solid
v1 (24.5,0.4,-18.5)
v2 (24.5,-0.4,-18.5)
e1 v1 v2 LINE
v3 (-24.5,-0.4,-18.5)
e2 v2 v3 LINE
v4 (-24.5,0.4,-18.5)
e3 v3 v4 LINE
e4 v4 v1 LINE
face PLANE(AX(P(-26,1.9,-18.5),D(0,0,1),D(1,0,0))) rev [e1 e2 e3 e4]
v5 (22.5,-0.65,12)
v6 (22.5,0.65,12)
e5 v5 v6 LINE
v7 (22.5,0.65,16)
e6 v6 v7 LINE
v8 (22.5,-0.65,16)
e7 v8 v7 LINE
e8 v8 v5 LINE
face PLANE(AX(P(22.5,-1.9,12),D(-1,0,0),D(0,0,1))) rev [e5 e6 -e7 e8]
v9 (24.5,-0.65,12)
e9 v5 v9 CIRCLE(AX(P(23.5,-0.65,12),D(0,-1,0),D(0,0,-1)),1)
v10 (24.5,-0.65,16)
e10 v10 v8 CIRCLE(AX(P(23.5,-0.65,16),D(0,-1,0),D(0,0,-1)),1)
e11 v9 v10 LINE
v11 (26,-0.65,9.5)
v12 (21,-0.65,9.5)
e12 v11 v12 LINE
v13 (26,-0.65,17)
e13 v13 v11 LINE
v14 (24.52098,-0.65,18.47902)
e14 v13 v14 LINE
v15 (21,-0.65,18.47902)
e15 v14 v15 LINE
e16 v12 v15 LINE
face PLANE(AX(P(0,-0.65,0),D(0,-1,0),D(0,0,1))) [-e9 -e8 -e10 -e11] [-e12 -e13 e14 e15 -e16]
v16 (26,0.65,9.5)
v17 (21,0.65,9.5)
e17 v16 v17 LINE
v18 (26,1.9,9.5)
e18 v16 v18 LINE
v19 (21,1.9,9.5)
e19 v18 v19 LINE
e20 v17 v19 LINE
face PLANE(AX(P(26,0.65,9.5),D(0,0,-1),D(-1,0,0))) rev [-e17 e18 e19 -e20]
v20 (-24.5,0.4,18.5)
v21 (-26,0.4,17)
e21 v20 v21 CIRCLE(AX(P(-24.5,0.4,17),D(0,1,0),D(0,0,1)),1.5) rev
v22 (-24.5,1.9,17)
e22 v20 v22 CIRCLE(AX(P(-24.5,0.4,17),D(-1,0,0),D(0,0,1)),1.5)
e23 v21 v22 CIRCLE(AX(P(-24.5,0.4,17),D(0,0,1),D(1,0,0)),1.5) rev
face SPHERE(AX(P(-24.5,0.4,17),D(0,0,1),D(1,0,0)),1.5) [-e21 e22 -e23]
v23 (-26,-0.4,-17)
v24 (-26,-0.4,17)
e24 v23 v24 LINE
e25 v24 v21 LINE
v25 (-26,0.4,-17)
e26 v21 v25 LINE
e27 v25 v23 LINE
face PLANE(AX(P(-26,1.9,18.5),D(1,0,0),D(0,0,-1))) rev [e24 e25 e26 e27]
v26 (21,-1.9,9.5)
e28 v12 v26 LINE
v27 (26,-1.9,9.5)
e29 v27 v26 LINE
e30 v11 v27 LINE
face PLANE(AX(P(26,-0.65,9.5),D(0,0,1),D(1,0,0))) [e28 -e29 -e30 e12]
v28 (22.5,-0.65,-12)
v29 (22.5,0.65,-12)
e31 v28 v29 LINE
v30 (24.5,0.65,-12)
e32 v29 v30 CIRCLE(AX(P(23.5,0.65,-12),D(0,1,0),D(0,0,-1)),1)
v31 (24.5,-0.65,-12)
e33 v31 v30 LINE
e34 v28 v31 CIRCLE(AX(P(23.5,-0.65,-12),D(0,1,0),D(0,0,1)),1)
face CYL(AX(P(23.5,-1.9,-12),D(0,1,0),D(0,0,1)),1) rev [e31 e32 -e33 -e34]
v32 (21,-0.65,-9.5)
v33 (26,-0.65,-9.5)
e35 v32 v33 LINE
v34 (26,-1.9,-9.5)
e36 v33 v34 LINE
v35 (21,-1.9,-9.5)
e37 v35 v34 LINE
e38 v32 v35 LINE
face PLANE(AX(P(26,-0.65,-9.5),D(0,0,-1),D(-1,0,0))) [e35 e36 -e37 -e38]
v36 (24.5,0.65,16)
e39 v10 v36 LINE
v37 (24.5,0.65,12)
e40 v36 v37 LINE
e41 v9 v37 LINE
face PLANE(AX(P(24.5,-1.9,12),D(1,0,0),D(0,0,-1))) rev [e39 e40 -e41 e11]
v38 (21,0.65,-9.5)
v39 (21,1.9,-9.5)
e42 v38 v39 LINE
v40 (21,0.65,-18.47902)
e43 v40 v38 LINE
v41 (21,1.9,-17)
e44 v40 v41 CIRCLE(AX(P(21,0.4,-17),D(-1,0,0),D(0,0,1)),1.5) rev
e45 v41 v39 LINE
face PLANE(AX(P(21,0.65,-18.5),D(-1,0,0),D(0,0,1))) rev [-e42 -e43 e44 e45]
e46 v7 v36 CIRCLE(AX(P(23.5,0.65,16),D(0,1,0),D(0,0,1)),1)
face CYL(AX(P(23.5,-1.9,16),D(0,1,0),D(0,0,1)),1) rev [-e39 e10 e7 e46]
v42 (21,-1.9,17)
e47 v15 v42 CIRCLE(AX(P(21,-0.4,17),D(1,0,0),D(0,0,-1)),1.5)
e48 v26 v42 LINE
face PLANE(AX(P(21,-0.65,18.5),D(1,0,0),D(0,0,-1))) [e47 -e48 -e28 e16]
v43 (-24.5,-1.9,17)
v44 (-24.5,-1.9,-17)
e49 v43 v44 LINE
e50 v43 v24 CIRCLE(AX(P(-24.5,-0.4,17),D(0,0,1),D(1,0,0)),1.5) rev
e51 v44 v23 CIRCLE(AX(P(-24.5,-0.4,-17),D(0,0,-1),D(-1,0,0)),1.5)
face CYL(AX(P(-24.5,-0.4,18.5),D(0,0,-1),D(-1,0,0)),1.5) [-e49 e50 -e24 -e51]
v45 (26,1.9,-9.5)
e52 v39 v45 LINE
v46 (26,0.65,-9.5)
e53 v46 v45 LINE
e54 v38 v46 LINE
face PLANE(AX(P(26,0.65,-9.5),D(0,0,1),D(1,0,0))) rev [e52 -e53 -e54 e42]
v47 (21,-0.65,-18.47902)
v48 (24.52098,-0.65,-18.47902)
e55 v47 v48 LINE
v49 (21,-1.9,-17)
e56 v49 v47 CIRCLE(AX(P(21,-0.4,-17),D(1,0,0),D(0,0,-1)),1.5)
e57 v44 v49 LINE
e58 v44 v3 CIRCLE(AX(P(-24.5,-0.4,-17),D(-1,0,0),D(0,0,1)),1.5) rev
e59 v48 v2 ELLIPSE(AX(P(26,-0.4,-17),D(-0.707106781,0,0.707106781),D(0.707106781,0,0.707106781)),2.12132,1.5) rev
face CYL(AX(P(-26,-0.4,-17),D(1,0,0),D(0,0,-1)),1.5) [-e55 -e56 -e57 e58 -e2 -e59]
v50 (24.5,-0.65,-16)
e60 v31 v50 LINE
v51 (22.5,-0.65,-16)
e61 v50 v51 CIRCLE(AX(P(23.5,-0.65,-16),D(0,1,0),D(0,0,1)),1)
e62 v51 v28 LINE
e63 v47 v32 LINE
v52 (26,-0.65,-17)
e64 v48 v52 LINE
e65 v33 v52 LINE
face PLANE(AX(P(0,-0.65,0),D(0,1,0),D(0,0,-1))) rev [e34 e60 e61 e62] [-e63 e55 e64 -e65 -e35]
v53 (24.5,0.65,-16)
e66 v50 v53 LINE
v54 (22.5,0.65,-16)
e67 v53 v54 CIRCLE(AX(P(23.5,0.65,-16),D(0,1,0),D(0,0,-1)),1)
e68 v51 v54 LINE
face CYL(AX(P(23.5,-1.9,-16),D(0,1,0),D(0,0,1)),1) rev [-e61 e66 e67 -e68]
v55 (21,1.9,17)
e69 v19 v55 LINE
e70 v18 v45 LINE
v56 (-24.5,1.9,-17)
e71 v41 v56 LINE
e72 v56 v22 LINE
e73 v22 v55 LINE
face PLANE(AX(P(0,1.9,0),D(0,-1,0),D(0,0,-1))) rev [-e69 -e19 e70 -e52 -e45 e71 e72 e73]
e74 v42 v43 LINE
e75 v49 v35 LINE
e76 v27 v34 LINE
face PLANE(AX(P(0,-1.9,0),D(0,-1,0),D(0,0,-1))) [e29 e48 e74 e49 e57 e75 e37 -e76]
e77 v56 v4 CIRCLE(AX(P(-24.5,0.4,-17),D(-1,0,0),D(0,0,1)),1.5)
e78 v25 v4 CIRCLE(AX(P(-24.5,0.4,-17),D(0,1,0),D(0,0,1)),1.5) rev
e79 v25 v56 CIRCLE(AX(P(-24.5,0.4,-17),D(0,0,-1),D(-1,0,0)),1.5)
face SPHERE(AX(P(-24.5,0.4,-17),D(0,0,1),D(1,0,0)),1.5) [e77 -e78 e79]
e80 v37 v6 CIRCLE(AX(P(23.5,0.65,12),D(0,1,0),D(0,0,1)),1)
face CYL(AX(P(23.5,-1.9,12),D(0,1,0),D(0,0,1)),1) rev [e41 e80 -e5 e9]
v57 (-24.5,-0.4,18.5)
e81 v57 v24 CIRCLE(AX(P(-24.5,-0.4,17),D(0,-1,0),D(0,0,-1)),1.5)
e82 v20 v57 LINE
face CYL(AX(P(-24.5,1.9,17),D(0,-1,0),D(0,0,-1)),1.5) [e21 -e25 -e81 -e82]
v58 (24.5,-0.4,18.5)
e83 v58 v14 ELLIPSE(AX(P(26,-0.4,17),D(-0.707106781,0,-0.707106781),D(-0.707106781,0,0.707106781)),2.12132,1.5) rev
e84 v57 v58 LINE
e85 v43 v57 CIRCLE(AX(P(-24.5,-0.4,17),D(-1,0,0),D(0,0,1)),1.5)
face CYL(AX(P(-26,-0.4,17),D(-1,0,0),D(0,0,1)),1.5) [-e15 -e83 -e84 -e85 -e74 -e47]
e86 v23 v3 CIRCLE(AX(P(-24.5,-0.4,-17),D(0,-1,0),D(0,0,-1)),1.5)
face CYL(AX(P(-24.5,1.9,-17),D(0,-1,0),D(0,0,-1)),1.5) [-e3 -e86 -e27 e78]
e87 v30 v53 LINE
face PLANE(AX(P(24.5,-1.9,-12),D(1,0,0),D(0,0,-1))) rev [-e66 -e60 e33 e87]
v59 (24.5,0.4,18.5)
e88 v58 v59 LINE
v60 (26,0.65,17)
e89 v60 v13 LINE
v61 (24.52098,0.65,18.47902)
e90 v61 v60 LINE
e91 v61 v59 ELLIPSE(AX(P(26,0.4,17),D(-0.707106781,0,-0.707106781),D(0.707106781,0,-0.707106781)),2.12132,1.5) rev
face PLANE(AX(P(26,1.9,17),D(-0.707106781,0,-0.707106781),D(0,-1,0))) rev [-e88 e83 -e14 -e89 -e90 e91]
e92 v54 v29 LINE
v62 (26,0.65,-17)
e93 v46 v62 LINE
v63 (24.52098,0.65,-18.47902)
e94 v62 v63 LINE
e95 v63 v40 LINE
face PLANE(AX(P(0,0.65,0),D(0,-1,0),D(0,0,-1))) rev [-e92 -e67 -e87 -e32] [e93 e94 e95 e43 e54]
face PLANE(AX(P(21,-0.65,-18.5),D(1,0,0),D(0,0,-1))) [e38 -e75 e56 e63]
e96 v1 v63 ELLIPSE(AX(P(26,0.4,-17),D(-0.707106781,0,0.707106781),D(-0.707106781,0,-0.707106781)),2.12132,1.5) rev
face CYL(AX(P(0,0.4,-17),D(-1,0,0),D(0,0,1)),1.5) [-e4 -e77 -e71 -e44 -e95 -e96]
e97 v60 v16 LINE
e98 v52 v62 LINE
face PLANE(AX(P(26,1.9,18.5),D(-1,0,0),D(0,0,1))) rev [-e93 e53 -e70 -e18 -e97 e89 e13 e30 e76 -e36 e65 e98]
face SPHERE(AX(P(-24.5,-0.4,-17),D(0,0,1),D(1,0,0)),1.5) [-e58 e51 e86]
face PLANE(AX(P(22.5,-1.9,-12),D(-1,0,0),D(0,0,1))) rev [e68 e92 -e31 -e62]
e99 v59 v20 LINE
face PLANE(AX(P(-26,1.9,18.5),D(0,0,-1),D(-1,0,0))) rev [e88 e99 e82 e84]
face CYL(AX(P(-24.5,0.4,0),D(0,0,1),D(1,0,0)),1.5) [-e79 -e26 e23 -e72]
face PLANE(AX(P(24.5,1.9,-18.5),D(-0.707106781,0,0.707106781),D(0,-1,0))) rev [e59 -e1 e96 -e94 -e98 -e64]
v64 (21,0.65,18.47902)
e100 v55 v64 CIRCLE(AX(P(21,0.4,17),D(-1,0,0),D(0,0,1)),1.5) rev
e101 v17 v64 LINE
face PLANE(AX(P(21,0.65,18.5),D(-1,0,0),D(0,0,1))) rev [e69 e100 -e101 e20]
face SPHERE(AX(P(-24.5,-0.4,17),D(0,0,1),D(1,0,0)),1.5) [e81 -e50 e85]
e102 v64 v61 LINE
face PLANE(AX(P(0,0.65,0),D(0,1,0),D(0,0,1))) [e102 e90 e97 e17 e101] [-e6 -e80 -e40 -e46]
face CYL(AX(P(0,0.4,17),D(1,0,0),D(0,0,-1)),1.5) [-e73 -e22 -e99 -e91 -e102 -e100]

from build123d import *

# Parameters (mm, degrees)
SKETCH1_W           = 52
SKETCH1_H           = 37
BOSS_EXTRUDE1_DEPTH = 1.9
SKETCH2_W           = 5
SKETCH2_H           = 9
CUT_EXTRUDE1_DEPTH  = 1.25
CUT_EXTRUDE2_DEPTH  = 3.55
CHAMFER1_SIZE       = 1.5
FILLET2_R           = 1.5


with BuildPart() as part:
    # Sketch1 → Boss-Extrude1 (new body, symmetric)
    with BuildSketch(Plane(origin=(0, 0, 0), x_dir=(1, 0, 0), z_dir=(0, 1, 0))):
        Rectangle(SKETCH1_W, SKETCH1_H)
    extrude(amount=BOSS_EXTRUDE1_DEPTH, both=True)

    # Sketch2 → Cut-Extrude1 (cut)
    with BuildSketch(Plane(origin=(0, 1.9, 0), x_dir=(1, 0, 0), z_dir=(0, 1, 0))):
        with Locations((23.5, 14)):
            Rectangle(SKETCH2_W, SKETCH2_H)
        with Locations((23.5, -14)):
            Rectangle(SKETCH2_W, SKETCH2_H)
    cut_extrude1 = extrude(amount=-CUT_EXTRUDE1_DEPTH, mode=Mode.SUBTRACT)

    # Mirror1: Cut-Extrude1 across plane
    add(cut_extrude1.mirror(Plane.ZX), mode=Mode.SUBTRACT)

    # Sketch3 → Cut-Extrude2 (cut, through all)
    with BuildSketch(Plane(origin=(0, 0.65, 0), x_dir=(1, 0, 0), z_dir=(0, 1, 0))):
        with BuildLine():
            Line((22.5, 12), (22.5, 16))
            ThreePointArc((22.5, 16), (23.5, 17), (24.5, 16))
            Line((24.5, 16), (24.5, 12))
            ThreePointArc((24.5, 12), (23.5, 11), (22.5, 12))
        make_face()
        with BuildLine():
            Line((22.5, -12), (22.5, -16))
            ThreePointArc((22.5, -16), (23.5, -17), (24.5, -16))
            Line((24.5, -16), (24.5, -12))
            ThreePointArc((24.5, -12), (23.5, -11), (22.5, -12))
        make_face()
    extrude(amount=-CUT_EXTRUDE2_DEPTH, mode=Mode.SUBTRACT)

    # Chamfer1
    chamfer1_edges = [part.edges().sort_by_distance(p)[0] for p in [
        (26, 0, -18.5),
        (26, 0, 18.5),
    ]]
    chamfer(chamfer1_edges, length=CHAMFER1_SIZE)

    # Fillet2
    fillet2_edges = [part.edges().sort_by_distance(p)[0] for p in [
        (-2.5, -1.9, -18.5),
        (-26, 0, -18.5),
        (-26, 0, 18.5),
        (-26, -1.9, 0),
        (-2.5, -1.9, 18.5),
        (-2.5, 1.9, 18.5),
        (-26, 1.9, 0),
        (-2.5, 1.9, -18.5),
    ]]
    fillet(fillet2_edges, radius=FILLET2_R)


solid = part.part
